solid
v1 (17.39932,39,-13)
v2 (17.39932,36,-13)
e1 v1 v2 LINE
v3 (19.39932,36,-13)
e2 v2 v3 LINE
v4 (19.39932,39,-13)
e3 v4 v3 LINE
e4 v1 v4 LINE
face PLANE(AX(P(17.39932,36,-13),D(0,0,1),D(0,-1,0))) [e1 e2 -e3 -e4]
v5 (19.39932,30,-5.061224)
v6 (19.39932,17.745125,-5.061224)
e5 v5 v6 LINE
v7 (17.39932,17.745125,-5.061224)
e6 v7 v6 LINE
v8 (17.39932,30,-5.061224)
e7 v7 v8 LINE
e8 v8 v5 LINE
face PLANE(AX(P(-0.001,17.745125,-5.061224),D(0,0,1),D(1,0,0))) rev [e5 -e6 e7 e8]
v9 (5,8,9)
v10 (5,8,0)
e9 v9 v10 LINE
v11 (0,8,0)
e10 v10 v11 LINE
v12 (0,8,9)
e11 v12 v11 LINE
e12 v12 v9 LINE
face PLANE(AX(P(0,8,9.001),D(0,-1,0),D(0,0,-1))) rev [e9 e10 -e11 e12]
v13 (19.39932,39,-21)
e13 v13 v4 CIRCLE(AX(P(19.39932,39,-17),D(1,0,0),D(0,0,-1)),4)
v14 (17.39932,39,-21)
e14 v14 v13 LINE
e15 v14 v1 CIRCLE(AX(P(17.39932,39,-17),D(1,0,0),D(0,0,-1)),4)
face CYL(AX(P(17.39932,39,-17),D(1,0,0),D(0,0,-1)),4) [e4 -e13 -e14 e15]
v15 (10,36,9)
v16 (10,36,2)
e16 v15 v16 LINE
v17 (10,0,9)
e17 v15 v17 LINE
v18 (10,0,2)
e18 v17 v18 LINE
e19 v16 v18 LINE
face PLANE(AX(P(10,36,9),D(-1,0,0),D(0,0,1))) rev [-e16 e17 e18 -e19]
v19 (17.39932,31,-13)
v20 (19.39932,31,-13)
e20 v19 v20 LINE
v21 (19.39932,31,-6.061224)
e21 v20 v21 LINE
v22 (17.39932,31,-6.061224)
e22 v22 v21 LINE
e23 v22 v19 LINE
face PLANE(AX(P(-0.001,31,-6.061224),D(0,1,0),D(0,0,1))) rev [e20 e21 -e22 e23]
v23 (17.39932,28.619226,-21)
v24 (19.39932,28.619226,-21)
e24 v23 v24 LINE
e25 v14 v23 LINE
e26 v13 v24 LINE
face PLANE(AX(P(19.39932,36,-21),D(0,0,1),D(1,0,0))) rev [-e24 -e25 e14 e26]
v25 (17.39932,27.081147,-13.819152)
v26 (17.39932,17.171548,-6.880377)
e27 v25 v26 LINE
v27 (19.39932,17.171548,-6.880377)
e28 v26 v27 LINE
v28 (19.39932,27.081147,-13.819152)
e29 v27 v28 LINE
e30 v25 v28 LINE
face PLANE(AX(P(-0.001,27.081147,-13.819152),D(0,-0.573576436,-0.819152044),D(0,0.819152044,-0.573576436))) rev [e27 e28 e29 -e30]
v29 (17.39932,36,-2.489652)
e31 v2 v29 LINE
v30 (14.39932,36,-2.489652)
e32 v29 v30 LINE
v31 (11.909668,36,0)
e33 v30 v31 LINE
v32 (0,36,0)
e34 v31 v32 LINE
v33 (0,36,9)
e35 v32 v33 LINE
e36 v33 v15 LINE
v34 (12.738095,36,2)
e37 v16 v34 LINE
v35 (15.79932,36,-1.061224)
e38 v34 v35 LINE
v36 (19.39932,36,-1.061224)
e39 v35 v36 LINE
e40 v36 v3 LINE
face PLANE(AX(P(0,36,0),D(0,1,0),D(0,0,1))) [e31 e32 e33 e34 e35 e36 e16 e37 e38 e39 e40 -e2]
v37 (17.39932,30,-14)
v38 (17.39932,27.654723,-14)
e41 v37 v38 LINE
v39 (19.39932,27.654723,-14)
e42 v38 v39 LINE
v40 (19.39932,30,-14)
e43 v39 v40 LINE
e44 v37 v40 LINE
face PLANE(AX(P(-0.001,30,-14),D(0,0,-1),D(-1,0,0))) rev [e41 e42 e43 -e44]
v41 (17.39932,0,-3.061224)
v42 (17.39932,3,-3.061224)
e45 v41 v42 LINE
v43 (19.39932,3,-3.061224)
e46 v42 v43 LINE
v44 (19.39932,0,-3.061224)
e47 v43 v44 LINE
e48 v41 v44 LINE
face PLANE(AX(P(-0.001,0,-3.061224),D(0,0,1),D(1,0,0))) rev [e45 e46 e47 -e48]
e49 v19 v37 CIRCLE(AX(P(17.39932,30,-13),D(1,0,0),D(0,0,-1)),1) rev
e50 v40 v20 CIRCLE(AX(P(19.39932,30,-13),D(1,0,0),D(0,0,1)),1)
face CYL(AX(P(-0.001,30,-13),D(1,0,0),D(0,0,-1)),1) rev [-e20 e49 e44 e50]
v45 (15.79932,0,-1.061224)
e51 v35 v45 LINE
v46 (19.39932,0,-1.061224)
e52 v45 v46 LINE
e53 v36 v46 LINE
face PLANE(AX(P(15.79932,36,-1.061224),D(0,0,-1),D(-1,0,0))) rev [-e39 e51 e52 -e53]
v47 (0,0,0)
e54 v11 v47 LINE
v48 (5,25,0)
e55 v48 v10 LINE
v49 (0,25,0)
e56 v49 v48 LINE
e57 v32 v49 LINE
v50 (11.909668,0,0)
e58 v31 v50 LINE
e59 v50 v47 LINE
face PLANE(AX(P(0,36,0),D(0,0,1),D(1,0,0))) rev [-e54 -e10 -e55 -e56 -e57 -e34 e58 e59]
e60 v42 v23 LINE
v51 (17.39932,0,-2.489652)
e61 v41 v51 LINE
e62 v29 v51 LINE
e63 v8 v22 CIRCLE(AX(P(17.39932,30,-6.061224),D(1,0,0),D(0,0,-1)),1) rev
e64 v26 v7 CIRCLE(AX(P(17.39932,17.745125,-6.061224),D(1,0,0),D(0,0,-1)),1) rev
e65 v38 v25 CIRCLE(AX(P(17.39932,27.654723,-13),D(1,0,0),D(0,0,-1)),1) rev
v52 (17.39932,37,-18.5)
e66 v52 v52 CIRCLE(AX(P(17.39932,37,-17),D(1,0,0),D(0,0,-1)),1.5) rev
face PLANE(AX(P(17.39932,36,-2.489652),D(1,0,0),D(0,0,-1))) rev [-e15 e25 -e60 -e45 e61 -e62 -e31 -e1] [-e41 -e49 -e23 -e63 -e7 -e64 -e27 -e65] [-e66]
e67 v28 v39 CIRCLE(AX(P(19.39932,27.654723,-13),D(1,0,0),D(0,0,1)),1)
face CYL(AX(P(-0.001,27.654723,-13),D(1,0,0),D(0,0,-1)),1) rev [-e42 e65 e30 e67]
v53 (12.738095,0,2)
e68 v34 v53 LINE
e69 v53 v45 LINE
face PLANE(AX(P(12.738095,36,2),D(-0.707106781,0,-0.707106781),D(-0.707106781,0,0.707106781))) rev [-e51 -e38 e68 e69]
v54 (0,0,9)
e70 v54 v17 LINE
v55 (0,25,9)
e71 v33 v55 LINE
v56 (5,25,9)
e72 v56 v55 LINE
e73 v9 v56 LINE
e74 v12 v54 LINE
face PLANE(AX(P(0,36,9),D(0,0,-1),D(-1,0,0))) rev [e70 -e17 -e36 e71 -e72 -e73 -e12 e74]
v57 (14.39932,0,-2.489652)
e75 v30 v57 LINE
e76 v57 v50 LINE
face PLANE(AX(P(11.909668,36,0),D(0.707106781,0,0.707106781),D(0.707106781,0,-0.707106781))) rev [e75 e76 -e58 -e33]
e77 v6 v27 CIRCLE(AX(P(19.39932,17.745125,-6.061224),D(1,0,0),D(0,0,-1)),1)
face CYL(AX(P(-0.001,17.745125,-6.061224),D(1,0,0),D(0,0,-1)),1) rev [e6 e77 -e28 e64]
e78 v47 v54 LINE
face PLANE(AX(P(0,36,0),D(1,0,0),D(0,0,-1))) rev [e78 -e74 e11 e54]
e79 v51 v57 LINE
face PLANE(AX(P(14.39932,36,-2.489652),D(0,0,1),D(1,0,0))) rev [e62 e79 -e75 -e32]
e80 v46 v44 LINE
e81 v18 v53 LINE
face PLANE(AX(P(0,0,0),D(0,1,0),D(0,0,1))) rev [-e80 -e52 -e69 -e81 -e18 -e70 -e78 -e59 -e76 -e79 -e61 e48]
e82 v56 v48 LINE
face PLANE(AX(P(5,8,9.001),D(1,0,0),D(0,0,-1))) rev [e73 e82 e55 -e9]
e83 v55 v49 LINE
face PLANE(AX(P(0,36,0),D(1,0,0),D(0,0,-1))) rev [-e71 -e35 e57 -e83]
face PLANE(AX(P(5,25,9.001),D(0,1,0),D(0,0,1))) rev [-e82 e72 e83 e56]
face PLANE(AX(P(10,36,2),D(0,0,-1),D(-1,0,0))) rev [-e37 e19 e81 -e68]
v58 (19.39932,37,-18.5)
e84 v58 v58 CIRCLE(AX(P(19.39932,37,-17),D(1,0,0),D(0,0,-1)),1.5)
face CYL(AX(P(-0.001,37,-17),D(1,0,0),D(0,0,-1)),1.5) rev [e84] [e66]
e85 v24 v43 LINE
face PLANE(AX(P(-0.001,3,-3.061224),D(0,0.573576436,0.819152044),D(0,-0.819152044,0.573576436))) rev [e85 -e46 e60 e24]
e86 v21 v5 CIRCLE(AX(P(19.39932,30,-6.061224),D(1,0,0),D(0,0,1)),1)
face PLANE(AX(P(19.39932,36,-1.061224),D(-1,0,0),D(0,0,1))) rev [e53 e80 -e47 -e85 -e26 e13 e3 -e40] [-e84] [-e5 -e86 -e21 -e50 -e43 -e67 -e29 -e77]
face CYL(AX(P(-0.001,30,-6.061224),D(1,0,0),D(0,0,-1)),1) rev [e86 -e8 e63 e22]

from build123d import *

# Parameters (mm, degrees)
BOSS_EXTRUDE1_DEPTH = 36
CUT_EXTRUDE1_REACH  = 21.399
CUT_EXTRUDE2_REACH  = 21.399
BOSS_EXTRUDE2_DEPTH = 2
CUT_EXTRUDE3_REACH  = 21.399
SKETCH5_R           = 1.5
CUT_EXTRUDE4_REACH  = 11
SKETCH6_W           = 5
SKETCH6_H           = 17


with BuildPart() as part:
    # Sketch1 → Boss-Extrude1 (new body)
    with BuildSketch(Plane(origin=(0, 0, 0), x_dir=(1, 0, 0), z_dir=(0, 1, 0))):
        Polygon((0, 0), (11.909668113, 0), (14.399319728, 2.489651615), (17.399319728, 2.489651615), (17.399319728, 21), (19.399319728, 21), (19.399319728, 1.06122449), (15.799319728, 1.06122449), (12.738095238, -2), (10, -2), (10, -9), (0, -9), align=None)
    extrude(amount=BOSS_EXTRUDE1_DEPTH)

    # Sketch2 → Cut-Extrude1 (cut, up to next)
    with BuildSketch(Plane(origin=(19.399319728, 0, 0), x_dir=(0, 0, -1), z_dir=(1, 0, 0)), mode=Mode.PRIVATE) as cut_extrude1_sk1:
        Polygon((3.06122449, 0), (3.06122449, 3), (21, 28.619226488), (21, 0), align=None)
    cut_extrude1_tool1 = extrude(cut_extrude1_sk1.sketch, amount=-CUT_EXTRUDE1_REACH, mode=Mode.PRIVATE) & part.part
    add(cut_extrude1_tool1.solids().sort_by_distance((19.39932, 9.634621, -14.453071))[0], mode=Mode.SUBTRACT)

    # Sketch3 → Cut-Extrude2 (cut, up to next)
    with BuildSketch(Plane(origin=(19.399319728, 0, 0), x_dir=(0, 0, -1), z_dir=(1, 0, 0)), mode=Mode.PRIVATE) as cut_extrude2_sk1:
        with BuildLine():
            Line((5.06122449, 17.745124794), (5.06122449, 30))
            ThreePointArc((5.06122449, 30), (5.354117709, 30.707106781), (6.06122449, 31))
            Line((6.06122449, 31), (13, 31))
            ThreePointArc((13, 31), (13.707106781, 30.707106781), (14, 30))
            Line((14, 30), (14, 27.654723208))
            ThreePointArc((14, 27.654723208), (13.953716951, 27.354017409), (13.819152044, 27.081146772))
            Line((13.819152044, 27.081146772), (6.880376534, 17.171548358))
            ThreePointArc((6.880376534, 17.171548358), (5.76051869, 16.791407843), (5.06122449, 17.745124794))
        make_face()
    cut_extrude2_tool1 = extrude(cut_extrude2_sk1.sketch, amount=-CUT_EXTRUDE2_REACH, mode=Mode.PRIVATE) & part.part
    add(cut_extrude2_tool1.solids().sort_by_distance((19.39932, 25.474687, -8.644546))[0], mode=Mode.SUBTRACT)

    # Sketch4 → Boss-Extrude2 (add)
    with BuildSketch(Plane(origin=(19.399319728, 0, 0), x_dir=(0, 0, -1), z_dir=(1, 0, 0))):
        with BuildLine():
            Line((21, 36), (21, 39))
            ThreePointArc((21, 39), (17, 43), (13, 39))
            Line((13, 39), (13, 36))
            Line((13, 36), (21, 36))
        make_face()
    extrude(amount=-BOSS_EXTRUDE2_DEPTH)

    # Sketch5 → Cut-Extrude3 (cut, up to next)
    with BuildSketch(Plane(origin=(19.399319728, 0, 0), x_dir=(0, 0, -1), z_dir=(1, 0, 0)), mode=Mode.PRIVATE) as cut_extrude3_sk1:
        with Locations((17, 37)):
            Circle(SKETCH5_R)
    cut_extrude3_tool1 = extrude(cut_extrude3_sk1.sketch, amount=-CUT_EXTRUDE3_REACH, mode=Mode.PRIVATE) & part.part
    add(cut_extrude3_tool1.solids().sort_by_distance((19.39932, 37, -17))[0], mode=Mode.SUBTRACT)

    # Sketch6 → Cut-Extrude4 (cut, up to next)
    with BuildSketch(Plane(origin=(0, 0, 0), x_dir=(-1, 0, 0), z_dir=(0, 0, -1)), mode=Mode.PRIVATE) as cut_extrude4_sk1:
        with Locations((-2.5, 16.5)):
            Rectangle(SKETCH6_W, SKETCH6_H)
    cut_extrude4_tool1 = extrude(cut_extrude4_sk1.sketch, amount=-CUT_EXTRUDE4_REACH, mode=Mode.PRIVATE) & part.part
    add(cut_extrude4_tool1.solids().sort_by_distance((2.5, 16.5, 0))[0], mode=Mode.SUBTRACT)


solid = part.part
